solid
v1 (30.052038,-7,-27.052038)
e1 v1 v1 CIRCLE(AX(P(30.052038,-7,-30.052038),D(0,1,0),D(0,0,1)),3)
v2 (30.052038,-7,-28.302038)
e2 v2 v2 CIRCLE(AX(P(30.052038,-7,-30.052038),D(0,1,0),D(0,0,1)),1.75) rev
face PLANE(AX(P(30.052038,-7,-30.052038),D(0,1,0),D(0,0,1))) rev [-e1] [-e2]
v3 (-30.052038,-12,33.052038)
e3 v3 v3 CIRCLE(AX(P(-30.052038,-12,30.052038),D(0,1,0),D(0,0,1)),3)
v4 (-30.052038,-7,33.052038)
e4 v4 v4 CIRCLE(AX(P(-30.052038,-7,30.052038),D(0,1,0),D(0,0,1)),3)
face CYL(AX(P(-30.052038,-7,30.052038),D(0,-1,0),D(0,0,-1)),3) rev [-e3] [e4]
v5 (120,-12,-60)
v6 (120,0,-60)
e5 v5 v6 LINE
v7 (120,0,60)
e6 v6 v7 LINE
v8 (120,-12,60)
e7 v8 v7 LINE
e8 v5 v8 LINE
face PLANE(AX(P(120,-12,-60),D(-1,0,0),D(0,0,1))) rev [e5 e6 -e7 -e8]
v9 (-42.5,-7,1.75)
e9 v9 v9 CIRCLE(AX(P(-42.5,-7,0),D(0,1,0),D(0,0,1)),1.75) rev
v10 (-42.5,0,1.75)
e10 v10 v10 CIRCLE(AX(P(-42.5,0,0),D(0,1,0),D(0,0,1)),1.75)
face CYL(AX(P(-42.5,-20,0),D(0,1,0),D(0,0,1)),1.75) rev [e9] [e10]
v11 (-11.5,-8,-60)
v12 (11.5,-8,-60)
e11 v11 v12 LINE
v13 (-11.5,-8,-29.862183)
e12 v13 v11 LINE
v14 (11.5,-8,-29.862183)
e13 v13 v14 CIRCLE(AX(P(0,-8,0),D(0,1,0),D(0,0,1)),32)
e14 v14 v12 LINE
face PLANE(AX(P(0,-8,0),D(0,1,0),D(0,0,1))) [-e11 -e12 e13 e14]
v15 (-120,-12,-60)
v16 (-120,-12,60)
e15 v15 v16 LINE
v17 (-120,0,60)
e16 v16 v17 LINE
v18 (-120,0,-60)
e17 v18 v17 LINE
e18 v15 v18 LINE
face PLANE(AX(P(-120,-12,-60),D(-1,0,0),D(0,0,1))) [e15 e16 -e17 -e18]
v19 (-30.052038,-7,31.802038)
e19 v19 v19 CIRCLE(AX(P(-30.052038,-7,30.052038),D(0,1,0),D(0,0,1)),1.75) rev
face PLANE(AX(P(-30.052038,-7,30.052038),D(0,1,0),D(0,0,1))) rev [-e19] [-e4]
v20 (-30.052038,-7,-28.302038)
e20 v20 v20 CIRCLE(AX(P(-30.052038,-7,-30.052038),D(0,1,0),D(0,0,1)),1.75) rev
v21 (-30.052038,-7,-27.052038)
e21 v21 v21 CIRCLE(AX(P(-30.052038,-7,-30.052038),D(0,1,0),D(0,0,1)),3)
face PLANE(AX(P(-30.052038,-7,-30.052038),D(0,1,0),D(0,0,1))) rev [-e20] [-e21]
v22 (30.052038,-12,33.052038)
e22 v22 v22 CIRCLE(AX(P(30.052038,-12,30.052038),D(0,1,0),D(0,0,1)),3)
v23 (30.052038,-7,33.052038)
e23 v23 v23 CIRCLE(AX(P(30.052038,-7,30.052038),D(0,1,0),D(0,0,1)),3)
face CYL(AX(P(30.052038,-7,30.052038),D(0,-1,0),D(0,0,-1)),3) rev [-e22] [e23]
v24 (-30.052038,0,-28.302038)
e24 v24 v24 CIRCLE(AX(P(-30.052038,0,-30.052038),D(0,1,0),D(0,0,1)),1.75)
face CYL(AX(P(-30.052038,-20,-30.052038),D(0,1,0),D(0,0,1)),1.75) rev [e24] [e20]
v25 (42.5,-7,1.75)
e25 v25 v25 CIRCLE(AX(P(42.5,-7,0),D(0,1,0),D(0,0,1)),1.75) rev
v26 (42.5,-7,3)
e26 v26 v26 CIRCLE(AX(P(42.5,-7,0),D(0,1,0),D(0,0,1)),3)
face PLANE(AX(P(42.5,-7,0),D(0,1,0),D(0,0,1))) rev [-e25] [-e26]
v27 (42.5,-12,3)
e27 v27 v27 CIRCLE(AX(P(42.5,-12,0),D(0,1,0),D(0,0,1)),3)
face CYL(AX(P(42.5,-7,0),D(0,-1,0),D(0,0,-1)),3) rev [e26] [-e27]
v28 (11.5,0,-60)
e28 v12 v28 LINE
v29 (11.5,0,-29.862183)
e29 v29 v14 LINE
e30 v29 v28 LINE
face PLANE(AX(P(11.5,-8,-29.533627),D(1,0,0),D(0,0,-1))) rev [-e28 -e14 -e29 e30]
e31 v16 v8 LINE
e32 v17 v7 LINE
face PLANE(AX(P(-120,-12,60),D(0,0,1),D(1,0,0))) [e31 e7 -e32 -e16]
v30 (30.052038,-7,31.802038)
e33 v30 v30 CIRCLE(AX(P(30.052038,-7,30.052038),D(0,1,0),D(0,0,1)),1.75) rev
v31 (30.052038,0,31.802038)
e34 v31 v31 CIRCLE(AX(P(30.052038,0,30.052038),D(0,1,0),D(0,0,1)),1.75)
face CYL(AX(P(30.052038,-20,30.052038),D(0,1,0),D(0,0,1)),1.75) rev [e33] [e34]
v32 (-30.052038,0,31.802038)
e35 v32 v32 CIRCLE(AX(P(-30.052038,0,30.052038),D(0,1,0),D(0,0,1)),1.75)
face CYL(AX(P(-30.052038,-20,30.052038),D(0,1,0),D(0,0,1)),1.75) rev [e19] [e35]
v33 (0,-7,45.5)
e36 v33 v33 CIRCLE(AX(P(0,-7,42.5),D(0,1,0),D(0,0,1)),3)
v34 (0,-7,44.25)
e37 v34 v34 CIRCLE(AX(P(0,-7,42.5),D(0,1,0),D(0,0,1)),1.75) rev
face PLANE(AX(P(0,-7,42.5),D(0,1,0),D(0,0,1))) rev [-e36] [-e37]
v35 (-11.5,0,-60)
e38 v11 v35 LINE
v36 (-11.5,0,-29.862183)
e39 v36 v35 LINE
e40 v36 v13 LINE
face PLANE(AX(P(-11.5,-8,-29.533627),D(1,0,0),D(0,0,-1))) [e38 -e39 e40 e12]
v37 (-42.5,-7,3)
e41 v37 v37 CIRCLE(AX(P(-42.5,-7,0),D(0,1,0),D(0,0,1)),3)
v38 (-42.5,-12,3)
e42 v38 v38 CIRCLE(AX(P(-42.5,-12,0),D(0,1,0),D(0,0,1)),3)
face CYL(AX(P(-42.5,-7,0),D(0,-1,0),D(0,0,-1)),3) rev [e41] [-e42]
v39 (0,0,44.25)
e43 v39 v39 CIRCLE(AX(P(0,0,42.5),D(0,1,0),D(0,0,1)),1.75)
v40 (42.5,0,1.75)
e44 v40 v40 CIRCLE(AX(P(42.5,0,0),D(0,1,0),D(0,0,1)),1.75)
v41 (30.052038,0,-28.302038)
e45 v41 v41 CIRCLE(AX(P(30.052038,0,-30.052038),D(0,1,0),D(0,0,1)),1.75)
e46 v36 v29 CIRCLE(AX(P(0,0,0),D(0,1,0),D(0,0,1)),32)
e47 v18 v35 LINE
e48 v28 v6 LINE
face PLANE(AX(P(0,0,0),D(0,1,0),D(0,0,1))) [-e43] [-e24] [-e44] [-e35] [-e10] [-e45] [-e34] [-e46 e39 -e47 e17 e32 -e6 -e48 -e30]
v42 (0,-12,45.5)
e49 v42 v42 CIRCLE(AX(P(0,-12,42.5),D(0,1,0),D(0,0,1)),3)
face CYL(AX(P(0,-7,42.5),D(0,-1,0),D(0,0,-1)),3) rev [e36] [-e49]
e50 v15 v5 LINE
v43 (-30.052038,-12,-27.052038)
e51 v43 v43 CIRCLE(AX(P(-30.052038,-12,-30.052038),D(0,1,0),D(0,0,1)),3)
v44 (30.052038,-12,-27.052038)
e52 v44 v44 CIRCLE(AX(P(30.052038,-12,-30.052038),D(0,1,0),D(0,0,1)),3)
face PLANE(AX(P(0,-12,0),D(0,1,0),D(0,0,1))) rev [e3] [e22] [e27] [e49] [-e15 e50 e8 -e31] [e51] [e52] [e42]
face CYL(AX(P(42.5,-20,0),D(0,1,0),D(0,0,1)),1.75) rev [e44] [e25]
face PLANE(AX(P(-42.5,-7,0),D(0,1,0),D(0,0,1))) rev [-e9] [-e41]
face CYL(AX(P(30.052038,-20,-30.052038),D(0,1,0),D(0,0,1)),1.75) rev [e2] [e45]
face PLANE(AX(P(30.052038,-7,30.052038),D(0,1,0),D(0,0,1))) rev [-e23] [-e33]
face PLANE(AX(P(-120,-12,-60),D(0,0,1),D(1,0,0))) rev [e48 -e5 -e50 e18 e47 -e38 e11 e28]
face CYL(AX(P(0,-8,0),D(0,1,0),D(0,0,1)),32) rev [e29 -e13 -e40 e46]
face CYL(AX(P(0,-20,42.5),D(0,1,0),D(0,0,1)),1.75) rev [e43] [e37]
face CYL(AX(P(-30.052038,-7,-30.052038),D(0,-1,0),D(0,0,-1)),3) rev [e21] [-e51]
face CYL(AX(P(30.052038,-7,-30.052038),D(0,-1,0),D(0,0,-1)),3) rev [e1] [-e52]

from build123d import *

# Parameters (mm, degrees)
SKETCH1_W           = 240
SKETCH1_H           = 120
BOSS_EXTRUDE1_DEPTH = 12
SKETCH2_R           = 32
CUT_EXTRUDE1_DEPTH  = 8
SKETCH3_W           = 23
SKETCH3_H           = 30.466372505
CUT_EXTRUDE2_DEPTH  = 8
SKETCH4_R           = 1.75
CUT_EXTRUDE4_DEPTH  = 20
SKETCH5_R           = 3
CUT_EXTRUDE7_DEPTH  = 5


with BuildPart() as part:
    # Sketch1 → Boss-Extrude1 (new body)
    with BuildSketch(Plane(origin=(0, 0, 0), x_dir=(1, 0, 0), z_dir=(0, 1, 0))):
        Rectangle(SKETCH1_W, SKETCH1_H)
    extrude(amount=-BOSS_EXTRUDE1_DEPTH)

    # Sketch2 → Cut-Extrude1 (cut)
    with BuildSketch(Plane(origin=(0, 0, 0), x_dir=(1, 0, 0), z_dir=(0, 1, 0))):
        with Locations(Location((0, 0, 0), (0, 0, 270))):
            Circle(SKETCH2_R)
    extrude(amount=-CUT_EXTRUDE1_DEPTH, mode=Mode.SUBTRACT)

    # Sketch3 → Cut-Extrude2 (cut)
    with BuildSketch(Plane(origin=(0, 0, 0), x_dir=(1, 0, 0), z_dir=(0, 1, 0))):
        with Locations((0, 44.766813748)):
            Rectangle(SKETCH3_W, SKETCH3_H)
    extrude(amount=-CUT_EXTRUDE2_DEPTH, mode=Mode.SUBTRACT)

    # Sketch4 → Cut-Extrude4 (cut)
    with BuildSketch(Plane(origin=(0, 0, 0), x_dir=(1, 0, 0), z_dir=(0, 1, 0))):
        with Locations(Location((-42.5, 0, 0), (0, 0, 270))):
            Circle(SKETCH4_R)
        with Locations(Location((-30.0520382, 30.0520382, 0), (0, 0, 270))):
            Circle(SKETCH4_R)
        with Locations(Location((30.0520382, 30.0520382, 0), (0, 0, 270))):
            Circle(SKETCH4_R)
        with Locations(Location((42.5, 0, 0), (0, 0, 270))):
            Circle(SKETCH4_R)
        with Locations(Location((30.0520382, -30.0520382, 0), (0, 0, 270))):
            Circle(SKETCH4_R)
        with Locations(Location((0, -42.5, 0), (0, 0, 270))):
            Circle(SKETCH4_R)
        with Locations(Location((-30.0520382, -30.0520382, 0), (0, 0, 270))):
            Circle(SKETCH4_R)
    extrude(amount=-CUT_EXTRUDE4_DEPTH, mode=Mode.SUBTRACT)

    # Sketch5 → Cut-Extrude7 (cut)
    with BuildSketch(Plane(origin=(0, -12, 0), x_dir=(1, 0, 0), z_dir=(0, 1, 0))):
        with Locations(Location((-42.5, 0, 0), (0, 0, 270))):
            Circle(SKETCH5_R)
        with Locations(Location((-30.0520382, 30.0520382, 0), (0, 0, 270))):
            Circle(SKETCH5_R)
        with Locations(Location((30.0520382, 30.0520382, 0), (0, 0, 270))):
            Circle(SKETCH5_R)
        with Locations(Location((42.5, 0, 0), (0, 0, 270))):
            Circle(SKETCH5_R)
        with Locations(Location((30.0520382, -30.0520382, 0), (0, 0, 270))):
            Circle(SKETCH5_R)
        with Locations(Location((0, -42.5, 0), (0, 0, 270))):
            Circle(SKETCH5_R)
        with Locations(Location((-30.0520382, -30.0520382, 0), (0, 0, 270))):
            Circle(SKETCH5_R)
    extrude(amount=CUT_EXTRUDE7_DEPTH, mode=Mode.SUBTRACT)


solid = part.part
